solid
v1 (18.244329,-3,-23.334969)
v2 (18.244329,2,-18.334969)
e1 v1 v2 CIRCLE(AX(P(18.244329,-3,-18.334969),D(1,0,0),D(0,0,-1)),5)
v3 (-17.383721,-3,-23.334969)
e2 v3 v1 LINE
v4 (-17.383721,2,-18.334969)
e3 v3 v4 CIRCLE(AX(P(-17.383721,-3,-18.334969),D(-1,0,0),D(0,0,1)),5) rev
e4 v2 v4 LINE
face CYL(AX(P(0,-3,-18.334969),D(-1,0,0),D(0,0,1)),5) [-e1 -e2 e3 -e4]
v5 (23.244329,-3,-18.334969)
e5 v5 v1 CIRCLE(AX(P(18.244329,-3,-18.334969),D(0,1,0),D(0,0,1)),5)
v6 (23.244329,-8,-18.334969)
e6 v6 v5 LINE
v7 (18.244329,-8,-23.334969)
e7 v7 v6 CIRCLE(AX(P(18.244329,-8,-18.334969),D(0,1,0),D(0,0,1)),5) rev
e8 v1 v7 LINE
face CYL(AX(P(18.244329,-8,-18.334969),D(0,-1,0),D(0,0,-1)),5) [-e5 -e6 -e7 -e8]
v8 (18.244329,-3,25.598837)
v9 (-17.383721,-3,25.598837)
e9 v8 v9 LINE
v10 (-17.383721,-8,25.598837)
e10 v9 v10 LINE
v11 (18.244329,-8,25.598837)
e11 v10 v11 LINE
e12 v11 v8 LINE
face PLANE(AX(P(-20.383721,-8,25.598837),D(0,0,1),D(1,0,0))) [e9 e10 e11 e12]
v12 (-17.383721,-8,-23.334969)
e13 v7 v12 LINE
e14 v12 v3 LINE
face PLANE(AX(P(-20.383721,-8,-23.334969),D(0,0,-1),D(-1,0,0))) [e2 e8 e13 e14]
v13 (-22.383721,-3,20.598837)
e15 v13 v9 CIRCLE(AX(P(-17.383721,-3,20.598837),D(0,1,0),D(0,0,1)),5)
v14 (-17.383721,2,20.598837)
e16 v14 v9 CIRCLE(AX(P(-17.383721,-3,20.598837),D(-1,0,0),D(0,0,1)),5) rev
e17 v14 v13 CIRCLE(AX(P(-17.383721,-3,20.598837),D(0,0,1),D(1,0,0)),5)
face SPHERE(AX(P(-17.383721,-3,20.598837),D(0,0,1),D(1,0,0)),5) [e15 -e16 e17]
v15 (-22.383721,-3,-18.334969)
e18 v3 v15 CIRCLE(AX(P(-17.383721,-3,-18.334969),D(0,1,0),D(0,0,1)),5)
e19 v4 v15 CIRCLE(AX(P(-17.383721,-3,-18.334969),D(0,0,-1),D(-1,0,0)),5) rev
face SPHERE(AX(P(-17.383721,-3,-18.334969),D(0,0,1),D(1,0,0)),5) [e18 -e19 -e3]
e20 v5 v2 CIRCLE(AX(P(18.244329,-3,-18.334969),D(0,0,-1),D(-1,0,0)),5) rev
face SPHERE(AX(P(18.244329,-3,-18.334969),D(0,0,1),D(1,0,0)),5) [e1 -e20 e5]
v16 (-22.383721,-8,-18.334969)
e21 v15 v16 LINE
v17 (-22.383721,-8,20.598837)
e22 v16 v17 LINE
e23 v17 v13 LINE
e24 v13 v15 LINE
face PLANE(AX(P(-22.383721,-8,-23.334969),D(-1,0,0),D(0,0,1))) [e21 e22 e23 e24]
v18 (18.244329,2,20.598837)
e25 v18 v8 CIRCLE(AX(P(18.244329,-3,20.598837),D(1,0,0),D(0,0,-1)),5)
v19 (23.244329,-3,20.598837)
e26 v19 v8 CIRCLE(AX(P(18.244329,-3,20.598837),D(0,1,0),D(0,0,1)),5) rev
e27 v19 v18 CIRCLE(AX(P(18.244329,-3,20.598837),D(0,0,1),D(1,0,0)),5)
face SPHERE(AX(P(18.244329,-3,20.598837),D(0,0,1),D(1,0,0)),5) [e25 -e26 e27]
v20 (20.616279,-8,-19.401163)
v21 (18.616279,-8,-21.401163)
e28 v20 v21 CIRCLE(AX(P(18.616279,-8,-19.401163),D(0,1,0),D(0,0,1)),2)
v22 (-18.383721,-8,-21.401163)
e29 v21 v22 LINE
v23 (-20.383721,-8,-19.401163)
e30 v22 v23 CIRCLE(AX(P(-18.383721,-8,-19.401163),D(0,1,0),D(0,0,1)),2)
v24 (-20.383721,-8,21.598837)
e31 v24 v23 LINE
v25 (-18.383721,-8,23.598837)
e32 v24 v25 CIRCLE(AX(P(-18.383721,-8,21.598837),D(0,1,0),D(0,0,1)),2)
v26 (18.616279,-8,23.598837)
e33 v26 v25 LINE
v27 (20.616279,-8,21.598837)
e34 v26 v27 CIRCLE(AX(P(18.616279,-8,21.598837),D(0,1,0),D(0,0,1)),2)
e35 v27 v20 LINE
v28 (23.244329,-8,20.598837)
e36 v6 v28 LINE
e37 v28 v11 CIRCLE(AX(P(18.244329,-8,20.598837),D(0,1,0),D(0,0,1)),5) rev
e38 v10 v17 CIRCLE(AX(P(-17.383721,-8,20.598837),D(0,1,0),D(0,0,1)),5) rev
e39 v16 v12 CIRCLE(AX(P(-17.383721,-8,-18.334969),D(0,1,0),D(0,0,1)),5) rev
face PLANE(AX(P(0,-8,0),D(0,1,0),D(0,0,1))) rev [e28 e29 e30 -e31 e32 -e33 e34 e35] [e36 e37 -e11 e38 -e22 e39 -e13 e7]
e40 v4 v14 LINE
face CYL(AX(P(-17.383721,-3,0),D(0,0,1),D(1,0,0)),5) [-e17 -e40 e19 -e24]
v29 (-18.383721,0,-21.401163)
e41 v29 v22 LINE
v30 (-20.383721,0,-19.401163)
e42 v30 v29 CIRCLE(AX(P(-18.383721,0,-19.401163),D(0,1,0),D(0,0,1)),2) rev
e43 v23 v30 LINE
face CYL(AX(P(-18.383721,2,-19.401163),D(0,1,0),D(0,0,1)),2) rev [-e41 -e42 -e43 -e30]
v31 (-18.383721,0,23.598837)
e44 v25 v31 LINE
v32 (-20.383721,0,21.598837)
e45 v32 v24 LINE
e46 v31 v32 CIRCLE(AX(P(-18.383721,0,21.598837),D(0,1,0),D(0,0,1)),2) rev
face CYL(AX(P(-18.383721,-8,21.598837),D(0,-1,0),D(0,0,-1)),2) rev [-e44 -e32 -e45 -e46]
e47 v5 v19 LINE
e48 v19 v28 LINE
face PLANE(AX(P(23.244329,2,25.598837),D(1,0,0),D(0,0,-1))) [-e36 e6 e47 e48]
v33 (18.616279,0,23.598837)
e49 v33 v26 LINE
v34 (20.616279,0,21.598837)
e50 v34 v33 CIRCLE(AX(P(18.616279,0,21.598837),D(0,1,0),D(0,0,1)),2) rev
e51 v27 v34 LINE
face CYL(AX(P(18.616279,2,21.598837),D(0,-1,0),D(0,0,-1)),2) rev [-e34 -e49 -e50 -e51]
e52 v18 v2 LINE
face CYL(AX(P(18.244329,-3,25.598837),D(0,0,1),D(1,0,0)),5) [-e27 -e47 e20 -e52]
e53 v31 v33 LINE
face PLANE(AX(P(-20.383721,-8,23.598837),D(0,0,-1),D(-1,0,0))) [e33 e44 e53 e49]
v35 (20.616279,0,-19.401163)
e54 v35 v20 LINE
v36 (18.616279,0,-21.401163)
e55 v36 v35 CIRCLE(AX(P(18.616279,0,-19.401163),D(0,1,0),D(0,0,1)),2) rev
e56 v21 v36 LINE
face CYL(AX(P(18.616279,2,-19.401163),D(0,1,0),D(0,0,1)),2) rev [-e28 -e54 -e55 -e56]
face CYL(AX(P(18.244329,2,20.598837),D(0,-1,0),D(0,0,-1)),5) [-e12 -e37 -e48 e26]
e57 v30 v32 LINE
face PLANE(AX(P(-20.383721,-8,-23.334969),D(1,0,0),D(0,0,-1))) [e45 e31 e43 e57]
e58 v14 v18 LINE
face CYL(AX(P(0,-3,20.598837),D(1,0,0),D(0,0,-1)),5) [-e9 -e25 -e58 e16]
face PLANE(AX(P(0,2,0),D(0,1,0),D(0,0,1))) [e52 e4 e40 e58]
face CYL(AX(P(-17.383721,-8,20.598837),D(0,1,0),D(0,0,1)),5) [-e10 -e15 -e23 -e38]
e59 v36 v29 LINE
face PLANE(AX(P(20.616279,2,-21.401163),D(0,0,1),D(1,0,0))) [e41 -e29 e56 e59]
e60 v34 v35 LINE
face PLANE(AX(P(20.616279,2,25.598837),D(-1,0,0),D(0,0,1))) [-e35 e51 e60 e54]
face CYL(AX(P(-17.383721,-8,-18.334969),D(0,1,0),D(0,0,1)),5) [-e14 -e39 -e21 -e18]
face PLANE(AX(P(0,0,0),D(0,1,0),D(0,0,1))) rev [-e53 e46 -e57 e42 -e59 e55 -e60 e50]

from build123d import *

# Parameters (mm, degrees)
SKETCH1_W                = 41
SKETCH1_H                = 45
BOSS_EXTRUDE1_DEPTH      = 2
SKETCH3_W                = 41
SKETCH3_H                = 2
BOSS_EXTRUDE2_DEPTH      = 10
SKETCH9_W                = 2
SKETCH9_H                = 48.933806043
BOSS_EXTRUDE6_DEPTH      = 10
SKETCH7_W                = 41
SKETCH7_H                = 1.933806043
BOSS_EXTRUDE7_DEPTH      = 8
BOSS_EXTRUDE7_DEPTH_BACK = 2
SKETCH10_W               = 2.62804999
SKETCH10_H               = 48.933806043
BOSS_EXTRUDE8_DEPTH      = 10
FILLET3_R                = 5
FILLET4_R                = 2


with BuildPart() as part:
    # Sketch1 → Boss-Extrude1 (new body)
    with BuildSketch(Plane(origin=(0, 0, 0), x_dir=(1, 0, 0), z_dir=(0, 1, 0))):
        with Locations((0.11627907, -1.098837209)):
            Rectangle(SKETCH1_W, SKETCH1_H)
    extrude(amount=BOSS_EXTRUDE1_DEPTH)

    # Sketch3 → Boss-Extrude2 (add)
    with BuildSketch(Plane(origin=(0, 2, 0), x_dir=(1, 0, 0), z_dir=(0, 1, 0))):
        with Locations((0.11627907, -24.598837209)):
            Rectangle(SKETCH3_W, SKETCH3_H)
    extrude(amount=-BOSS_EXTRUDE2_DEPTH)

    # Sketch9 → Boss-Extrude6 (add)
    with BuildSketch(Plane(origin=(0, 2, 0), x_dir=(1, 0, 0), z_dir=(0, 1, 0))):
        with Locations((-21.38372093, -1.131934188)):
            Rectangle(SKETCH9_W, SKETCH9_H)
    extrude(amount=-BOSS_EXTRUDE6_DEPTH)

    # Sketch7 → Boss-Extrude7 (add, two sides)
    with BuildSketch(Plane(origin=(0, 0, 0), x_dir=(-1, 0, 0), z_dir=(0, -1, 0))) as boss_extrude7_sk:
        with Locations((-0.11627907, 22.368065812)):
            Rectangle(SKETCH7_W, SKETCH7_H)
    extrude(amount=BOSS_EXTRUDE7_DEPTH)
    extrude(boss_extrude7_sk.sketch, amount=-BOSS_EXTRUDE7_DEPTH_BACK)

    # Sketch10 → Boss-Extrude8 (add)
    with BuildSketch(Plane(origin=(0, -8, 0), x_dir=(-1, 0, 0), z_dir=(0, -1, 0))):
        with Locations((-21.930304065, -1.131934188)):
            Rectangle(SKETCH10_W, SKETCH10_H)
    extrude(amount=-BOSS_EXTRUDE8_DEPTH)

    # Fillet3
    fillet3_edges = [part.edges().sort_by_distance(p)[0] for p in [
        (0.430304065, 2, 25.598837209),
        (-22.38372093, -3, 25.598837209),
        (-22.38372093, -3, -23.334968834),
        (0.430304065, 2, -23.334968834),
        (-22.38372093, 2, 1.131934188),
        (23.24432906, 2, 1.131934188),
        (23.24432906, -3, 25.598837209),
        (23.24432906, -3, -23.334968834),
    ]]
    fillet(fillet3_edges, radius=FILLET3_R)

    # Fillet4
    fillet4_edges = [part.edges().sort_by_distance(p)[0] for p in [
        (-20.38372093, -4, 23.598837209),
        (20.61627907, -4, 23.598837209),
        (-20.38372093, -4, -21.401162791),
        (20.61627907, -4, -21.401162791),
    ]]
    fillet(fillet4_edges, radius=FILLET4_R)


solid = part.part
